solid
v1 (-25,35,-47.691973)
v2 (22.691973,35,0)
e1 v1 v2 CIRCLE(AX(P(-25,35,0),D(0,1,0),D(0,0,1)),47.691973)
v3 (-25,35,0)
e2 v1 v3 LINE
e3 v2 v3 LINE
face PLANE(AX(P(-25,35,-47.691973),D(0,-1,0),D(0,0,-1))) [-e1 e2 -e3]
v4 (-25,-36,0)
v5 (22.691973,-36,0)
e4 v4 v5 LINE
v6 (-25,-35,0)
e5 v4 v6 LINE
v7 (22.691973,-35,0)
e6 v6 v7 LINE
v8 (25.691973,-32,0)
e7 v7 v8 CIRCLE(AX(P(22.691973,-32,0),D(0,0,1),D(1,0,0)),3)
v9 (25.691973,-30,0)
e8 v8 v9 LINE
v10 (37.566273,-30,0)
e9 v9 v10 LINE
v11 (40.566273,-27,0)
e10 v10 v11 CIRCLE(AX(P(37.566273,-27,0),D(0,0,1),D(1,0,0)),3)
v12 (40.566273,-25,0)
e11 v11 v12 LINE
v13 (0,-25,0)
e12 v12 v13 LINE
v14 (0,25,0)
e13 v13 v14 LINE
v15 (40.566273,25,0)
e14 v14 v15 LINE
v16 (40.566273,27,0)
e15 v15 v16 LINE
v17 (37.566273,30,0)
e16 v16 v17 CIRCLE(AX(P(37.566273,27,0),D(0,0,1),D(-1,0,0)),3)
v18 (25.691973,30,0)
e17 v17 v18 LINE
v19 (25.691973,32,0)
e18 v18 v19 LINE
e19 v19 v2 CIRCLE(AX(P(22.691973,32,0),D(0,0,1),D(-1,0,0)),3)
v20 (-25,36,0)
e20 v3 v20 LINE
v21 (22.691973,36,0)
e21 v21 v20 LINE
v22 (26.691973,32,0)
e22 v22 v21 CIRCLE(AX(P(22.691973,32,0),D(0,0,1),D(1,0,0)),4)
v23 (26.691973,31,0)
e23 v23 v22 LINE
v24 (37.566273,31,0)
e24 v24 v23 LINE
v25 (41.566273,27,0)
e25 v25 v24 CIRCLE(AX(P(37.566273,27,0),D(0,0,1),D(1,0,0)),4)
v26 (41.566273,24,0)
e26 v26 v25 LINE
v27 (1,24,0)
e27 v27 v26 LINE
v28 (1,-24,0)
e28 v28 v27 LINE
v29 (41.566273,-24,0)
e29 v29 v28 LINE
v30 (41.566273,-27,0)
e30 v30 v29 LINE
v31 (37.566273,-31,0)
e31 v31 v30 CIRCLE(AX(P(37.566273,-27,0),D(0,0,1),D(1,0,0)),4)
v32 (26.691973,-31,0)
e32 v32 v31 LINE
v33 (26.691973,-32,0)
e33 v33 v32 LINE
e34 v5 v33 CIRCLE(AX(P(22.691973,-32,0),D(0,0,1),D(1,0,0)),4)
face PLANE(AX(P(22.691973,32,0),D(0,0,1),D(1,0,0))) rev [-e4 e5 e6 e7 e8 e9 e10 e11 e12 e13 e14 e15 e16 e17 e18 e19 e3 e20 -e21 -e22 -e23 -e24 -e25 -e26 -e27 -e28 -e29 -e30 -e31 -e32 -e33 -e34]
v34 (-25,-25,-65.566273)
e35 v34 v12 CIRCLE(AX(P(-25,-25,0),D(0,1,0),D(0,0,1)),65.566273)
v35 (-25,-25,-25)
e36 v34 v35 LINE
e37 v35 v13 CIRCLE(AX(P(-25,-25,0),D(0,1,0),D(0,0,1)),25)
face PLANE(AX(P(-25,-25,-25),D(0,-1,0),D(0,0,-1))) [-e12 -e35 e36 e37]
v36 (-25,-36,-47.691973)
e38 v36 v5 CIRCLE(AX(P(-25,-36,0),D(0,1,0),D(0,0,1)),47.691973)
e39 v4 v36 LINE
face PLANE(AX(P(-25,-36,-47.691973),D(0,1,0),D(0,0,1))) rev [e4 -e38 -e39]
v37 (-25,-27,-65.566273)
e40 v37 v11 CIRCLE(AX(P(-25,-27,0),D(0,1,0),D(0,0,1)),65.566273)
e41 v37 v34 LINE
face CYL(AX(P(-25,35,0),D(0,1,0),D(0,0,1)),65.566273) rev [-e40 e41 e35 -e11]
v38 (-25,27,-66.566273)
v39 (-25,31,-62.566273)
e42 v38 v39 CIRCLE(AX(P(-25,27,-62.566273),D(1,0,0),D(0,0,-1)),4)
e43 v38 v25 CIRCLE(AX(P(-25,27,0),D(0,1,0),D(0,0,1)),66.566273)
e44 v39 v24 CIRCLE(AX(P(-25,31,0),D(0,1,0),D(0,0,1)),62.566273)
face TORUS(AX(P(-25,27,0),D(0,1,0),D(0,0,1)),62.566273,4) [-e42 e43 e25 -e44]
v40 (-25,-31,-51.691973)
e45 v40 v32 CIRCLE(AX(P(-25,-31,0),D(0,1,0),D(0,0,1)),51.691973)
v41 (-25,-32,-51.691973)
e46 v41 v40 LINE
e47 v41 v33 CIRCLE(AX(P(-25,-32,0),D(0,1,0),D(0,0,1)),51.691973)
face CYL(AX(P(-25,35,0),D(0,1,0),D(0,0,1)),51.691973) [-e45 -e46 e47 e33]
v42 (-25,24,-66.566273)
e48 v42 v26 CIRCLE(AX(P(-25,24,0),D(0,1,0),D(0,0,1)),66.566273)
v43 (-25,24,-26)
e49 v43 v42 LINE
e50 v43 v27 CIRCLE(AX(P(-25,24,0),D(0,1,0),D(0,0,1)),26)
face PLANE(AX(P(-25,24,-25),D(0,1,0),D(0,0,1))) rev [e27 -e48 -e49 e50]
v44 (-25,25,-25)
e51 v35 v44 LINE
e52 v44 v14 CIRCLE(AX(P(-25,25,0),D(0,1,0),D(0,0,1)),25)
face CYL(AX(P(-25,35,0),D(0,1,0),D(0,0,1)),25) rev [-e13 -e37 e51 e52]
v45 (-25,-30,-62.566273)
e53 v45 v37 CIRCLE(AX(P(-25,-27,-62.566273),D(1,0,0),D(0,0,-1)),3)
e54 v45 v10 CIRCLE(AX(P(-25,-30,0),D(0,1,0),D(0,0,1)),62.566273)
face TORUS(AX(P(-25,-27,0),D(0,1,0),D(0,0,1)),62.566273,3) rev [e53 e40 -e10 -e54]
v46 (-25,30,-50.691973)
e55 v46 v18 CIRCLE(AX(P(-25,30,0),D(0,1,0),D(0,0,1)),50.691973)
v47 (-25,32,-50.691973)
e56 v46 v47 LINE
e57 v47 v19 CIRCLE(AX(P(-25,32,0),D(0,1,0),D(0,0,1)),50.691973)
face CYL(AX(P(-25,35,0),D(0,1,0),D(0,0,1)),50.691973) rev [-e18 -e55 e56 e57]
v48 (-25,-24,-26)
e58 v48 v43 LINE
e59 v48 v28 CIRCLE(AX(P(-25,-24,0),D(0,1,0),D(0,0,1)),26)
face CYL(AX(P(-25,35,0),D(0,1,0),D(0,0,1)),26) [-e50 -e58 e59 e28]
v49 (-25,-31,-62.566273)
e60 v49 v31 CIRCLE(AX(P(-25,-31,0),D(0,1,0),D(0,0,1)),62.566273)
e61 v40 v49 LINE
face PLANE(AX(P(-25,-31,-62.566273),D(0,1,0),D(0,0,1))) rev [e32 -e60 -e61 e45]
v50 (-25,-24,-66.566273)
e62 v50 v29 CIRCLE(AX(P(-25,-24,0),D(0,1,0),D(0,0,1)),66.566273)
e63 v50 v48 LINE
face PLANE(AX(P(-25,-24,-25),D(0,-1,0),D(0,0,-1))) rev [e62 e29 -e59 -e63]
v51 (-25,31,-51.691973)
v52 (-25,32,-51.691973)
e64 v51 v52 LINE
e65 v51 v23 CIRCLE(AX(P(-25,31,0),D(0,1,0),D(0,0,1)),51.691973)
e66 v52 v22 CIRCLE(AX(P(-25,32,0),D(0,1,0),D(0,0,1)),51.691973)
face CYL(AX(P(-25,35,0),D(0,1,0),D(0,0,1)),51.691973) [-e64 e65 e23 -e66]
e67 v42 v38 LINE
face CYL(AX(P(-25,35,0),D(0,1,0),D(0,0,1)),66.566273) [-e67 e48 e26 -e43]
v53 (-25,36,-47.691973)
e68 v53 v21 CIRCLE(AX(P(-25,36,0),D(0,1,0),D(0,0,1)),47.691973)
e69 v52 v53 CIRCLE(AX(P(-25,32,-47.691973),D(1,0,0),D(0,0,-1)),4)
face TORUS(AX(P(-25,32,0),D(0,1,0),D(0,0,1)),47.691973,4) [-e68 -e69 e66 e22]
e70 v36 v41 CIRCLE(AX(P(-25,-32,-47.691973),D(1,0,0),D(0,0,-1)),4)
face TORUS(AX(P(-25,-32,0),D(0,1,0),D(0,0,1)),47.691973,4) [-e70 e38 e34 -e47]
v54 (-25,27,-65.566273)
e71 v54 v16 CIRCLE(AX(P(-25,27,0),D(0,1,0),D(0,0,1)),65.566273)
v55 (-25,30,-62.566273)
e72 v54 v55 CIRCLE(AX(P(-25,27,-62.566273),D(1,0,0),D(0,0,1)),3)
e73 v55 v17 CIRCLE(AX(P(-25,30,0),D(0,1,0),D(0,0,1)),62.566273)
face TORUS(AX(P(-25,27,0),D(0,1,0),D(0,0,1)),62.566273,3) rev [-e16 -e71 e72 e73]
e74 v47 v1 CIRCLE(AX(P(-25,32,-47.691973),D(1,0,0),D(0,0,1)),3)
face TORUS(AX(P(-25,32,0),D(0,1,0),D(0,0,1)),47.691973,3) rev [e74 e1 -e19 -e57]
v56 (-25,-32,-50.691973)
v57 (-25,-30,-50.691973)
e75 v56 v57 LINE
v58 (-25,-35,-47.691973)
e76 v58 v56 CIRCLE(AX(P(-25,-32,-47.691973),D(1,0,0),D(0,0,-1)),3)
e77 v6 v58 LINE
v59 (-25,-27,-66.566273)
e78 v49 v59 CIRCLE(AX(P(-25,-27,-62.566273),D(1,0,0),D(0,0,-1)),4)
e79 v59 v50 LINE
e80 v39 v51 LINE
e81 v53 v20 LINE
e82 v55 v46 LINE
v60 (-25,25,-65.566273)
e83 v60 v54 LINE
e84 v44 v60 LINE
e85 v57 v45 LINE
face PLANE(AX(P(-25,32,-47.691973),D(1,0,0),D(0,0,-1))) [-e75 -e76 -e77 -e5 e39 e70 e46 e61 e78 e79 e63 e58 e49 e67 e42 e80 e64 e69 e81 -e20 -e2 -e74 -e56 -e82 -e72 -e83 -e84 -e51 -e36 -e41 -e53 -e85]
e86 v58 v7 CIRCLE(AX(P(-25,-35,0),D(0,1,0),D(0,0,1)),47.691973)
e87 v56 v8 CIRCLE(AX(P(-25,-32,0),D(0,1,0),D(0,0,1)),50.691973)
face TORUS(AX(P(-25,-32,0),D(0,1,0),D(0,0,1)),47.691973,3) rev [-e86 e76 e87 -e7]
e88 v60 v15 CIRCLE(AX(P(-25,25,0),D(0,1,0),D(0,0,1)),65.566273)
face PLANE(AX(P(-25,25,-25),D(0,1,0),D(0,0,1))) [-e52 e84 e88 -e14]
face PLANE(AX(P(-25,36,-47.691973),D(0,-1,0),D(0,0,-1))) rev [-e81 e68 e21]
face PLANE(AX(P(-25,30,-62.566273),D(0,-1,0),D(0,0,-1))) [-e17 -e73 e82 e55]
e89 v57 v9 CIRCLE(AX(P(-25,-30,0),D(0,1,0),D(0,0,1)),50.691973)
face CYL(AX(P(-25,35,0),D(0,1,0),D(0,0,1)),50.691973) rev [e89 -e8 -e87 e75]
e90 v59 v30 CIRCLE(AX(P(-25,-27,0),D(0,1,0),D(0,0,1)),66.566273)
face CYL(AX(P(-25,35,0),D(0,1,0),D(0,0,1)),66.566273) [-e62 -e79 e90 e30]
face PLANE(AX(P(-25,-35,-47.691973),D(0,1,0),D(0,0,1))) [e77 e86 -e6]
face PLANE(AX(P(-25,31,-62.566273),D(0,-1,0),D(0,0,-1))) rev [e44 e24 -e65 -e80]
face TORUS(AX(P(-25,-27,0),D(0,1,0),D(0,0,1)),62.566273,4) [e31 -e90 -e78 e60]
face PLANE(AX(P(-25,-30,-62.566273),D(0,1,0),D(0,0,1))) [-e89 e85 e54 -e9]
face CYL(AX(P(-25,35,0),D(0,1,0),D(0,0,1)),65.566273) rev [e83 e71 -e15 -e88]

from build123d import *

# Parameters (mm, degrees)
REVOLVE_THIN4_ANGLE = 270


with BuildPart() as part:
    # Sketch1 → Revolve-Thin4 (revolve)
    with BuildSketch(Plane.XY):
        with BuildLine():
            Line((-25, 35), (22.691972887, 35))
            ThreePointArc((22.691972887, 35), (24.813293231, 34.121320344), (25.691972887, 32))
            Line((25.691972887, 32), (25.691972887, 30))
            Line((25.691972887, 30), (37.566272979, 30))
            ThreePointArc((37.566272979, 30), (39.687593323, 29.121320344), (40.566272979, 27))
            Line((40.566272979, 27), (40.566272979, 25))
            Line((40.566272979, 25), (0, 25))
            Line((0, 25), (0, -25))
            Line((0, -25), (40.566272979, -25))
            Line((40.566272979, -25), (40.566272979, -27))
            ThreePointArc((40.566272979, -27), (39.687593323, -29.121320344), (37.566272979, -30))
            Line((37.566272979, -30), (25.691972887, -30))
            Line((25.691972887, -30), (25.691972887, -32))
            ThreePointArc((25.691972887, -32), (24.813293231, -34.121320344), (22.691972887, -35))
            Line((22.691972887, -35), (-25, -35))
            Line((-25, -35), (-25, -36))
            Line((-25, -36), (22.691972887, -36))
            ThreePointArc((22.691972887, -36), (25.520400012, -34.828427125), (26.691972887, -32))
            Line((26.691972887, -32), (26.691972887, -31))
            Line((26.691972887, -31), (37.566272979, -31))
            ThreePointArc((37.566272979, -31), (40.394700104, -29.828427125), (41.566272979, -27))
            Line((41.566272979, -27), (41.566272979, -24))
            Line((41.566272979, -24), (1, -24))
            Line((1, -24), (1, 24))
            Line((1, 24), (41.566272979, 24))
            Line((41.566272979, 24), (41.566272979, 27))
            ThreePointArc((41.566272979, 27), (40.394700104, 29.828427125), (37.566272979, 31))
            Line((37.566272979, 31), (26.691972887, 31))
            Line((26.691972887, 31), (26.691972887, 32))
            ThreePointArc((26.691972887, 32), (25.520400012, 34.828427125), (22.691972887, 36))
            Line((22.691972887, 36), (-25, 36))
            Line((-25, 36), (-25, 35))
        make_face()
    revolve(axis=Axis((-25, 35, 0), (0, -1, 0)), revolution_arc=REVOLVE_THIN4_ANGLE)


solid = part.part
